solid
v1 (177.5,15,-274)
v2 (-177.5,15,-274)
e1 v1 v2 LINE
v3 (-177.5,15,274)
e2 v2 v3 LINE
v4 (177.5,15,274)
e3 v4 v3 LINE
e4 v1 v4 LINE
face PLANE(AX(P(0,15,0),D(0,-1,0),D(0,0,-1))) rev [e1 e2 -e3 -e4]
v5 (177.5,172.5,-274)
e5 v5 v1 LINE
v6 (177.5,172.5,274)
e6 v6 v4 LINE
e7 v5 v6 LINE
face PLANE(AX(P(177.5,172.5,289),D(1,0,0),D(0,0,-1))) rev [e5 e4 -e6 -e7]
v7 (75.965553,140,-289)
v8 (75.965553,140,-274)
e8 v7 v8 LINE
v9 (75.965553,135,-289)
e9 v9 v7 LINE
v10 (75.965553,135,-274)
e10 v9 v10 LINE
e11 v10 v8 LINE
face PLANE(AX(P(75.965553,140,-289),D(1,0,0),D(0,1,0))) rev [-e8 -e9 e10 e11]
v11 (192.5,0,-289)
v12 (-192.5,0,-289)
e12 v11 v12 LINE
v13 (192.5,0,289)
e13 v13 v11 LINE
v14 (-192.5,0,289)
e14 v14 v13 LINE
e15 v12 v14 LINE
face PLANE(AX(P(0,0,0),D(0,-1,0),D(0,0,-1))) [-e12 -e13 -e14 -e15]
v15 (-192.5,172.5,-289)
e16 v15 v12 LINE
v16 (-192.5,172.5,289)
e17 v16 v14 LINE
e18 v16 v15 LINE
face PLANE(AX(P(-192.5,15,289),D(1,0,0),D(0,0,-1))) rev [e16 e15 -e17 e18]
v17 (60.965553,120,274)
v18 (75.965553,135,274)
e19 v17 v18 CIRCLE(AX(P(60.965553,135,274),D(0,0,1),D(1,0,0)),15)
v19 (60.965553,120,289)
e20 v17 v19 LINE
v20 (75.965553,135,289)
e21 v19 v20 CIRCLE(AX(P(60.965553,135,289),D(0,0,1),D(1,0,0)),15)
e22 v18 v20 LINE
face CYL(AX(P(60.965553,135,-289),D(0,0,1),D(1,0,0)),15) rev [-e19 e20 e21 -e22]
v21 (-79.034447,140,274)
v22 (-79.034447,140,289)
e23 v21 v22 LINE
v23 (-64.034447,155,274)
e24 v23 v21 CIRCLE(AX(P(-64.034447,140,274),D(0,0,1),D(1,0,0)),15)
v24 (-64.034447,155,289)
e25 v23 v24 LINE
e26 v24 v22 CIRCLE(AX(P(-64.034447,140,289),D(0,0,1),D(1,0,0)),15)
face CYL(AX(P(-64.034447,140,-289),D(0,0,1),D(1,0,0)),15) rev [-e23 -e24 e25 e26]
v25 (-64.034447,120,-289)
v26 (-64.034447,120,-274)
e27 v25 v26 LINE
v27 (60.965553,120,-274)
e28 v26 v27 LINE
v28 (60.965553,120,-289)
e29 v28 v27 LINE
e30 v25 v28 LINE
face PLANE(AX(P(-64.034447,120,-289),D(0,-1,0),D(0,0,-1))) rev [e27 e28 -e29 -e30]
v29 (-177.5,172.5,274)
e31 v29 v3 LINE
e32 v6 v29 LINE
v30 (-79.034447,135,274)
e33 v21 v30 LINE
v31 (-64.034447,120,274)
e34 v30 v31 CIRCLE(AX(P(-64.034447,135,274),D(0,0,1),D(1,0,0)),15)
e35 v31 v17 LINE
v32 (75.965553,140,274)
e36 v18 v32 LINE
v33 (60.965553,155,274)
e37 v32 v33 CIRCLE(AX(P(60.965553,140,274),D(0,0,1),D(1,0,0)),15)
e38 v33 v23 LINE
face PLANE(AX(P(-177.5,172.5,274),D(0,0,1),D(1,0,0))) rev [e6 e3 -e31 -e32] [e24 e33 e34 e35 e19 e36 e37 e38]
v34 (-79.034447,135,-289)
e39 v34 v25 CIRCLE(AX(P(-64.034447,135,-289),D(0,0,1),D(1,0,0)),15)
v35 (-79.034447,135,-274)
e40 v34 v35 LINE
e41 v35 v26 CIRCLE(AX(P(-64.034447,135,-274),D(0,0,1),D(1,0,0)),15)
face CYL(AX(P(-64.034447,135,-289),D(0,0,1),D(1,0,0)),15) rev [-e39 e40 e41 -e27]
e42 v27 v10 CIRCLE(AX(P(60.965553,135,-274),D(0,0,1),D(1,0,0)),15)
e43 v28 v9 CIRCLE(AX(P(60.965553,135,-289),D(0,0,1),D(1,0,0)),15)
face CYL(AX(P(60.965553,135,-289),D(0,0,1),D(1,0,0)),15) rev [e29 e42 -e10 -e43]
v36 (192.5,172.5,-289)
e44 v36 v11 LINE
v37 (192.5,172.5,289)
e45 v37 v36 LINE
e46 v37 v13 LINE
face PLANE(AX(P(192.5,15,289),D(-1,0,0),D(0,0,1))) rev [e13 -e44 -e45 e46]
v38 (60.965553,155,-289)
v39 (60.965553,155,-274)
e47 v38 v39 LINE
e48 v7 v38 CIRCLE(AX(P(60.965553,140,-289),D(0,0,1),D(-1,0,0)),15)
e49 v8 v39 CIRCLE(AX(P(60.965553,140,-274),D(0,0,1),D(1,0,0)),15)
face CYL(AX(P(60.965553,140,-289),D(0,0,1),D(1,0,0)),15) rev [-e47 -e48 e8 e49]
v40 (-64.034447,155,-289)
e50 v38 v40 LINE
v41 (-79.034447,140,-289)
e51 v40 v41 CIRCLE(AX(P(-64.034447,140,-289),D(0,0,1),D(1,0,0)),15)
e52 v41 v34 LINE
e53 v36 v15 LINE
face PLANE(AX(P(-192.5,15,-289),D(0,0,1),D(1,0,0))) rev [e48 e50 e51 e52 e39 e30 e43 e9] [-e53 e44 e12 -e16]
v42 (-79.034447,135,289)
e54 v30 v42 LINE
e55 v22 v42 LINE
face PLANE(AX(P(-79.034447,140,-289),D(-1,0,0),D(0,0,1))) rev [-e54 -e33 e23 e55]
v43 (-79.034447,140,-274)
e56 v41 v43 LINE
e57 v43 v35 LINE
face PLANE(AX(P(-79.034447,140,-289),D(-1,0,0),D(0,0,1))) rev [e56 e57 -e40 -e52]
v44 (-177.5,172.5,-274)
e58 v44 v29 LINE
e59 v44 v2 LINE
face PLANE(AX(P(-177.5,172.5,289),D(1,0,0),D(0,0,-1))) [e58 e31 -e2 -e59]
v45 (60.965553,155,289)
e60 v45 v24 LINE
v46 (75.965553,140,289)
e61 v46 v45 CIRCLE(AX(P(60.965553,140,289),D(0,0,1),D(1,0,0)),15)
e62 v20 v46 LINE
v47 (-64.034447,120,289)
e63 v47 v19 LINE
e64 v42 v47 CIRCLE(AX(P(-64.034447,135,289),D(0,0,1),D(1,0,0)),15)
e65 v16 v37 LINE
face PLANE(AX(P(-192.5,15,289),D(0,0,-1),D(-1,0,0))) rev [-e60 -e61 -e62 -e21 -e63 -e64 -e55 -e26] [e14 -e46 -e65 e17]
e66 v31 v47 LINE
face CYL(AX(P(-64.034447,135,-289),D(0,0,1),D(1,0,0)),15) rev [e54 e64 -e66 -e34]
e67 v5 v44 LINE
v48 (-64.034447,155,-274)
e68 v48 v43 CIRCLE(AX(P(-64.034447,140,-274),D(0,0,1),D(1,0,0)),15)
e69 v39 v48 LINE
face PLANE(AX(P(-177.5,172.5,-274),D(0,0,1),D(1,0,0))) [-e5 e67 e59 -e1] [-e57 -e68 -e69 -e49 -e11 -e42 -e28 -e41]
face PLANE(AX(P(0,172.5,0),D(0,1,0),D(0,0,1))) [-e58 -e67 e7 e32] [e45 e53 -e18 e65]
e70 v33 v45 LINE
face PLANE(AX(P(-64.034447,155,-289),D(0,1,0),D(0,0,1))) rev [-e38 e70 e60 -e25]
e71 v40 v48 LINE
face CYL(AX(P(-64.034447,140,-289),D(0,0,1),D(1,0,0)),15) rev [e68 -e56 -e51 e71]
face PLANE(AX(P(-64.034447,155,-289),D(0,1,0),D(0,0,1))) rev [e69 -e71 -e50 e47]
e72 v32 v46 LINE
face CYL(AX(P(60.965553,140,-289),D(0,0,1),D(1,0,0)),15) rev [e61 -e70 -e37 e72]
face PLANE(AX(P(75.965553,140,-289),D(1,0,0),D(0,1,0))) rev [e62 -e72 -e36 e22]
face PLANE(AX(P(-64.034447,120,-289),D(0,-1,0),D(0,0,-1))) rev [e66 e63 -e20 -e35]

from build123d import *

# Parameters (mm, degrees)
SKETCH1_W               = 385
SKETCH1_H               = 578
BOSS_EXTRUDE1_DEPTH     = 15
SKETCH2_W               = 15
SKETCH2_H               = 578
BOSS_EXTRUDE2_DEPTH     = 157.5
SKETCH3_W               = 355
SKETCH3_H               = 15
BOSS_EXTRUDE3_DEPTH     = 157.5
CUT_EXTRUDE1_DEPTH      = 634.16388084
CUT_EXTRUDE1_DEPTH_BACK = 634.16388084


with BuildPart() as part:
    # Sketch1 → Boss-Extrude1 (new body)
    with BuildSketch(Plane(origin=(0, 0, 0), x_dir=(1, 0, 0), z_dir=(0, 1, 0))):
        Rectangle(SKETCH1_W, SKETCH1_H)
    extrude(amount=BOSS_EXTRUDE1_DEPTH)

    # Sketch2 → Boss-Extrude2 (add)
    with BuildSketch(Plane(origin=(0, 15, 0), x_dir=(1, 0, 0), z_dir=(0, 1, 0))):
        with Locations((185, 0)):
            Rectangle(SKETCH2_W, SKETCH2_H)
    boss_extrude2 = extrude(amount=BOSS_EXTRUDE2_DEPTH)

    # Mirror1: Boss-Extrude2 across plane
    add(boss_extrude2.mirror(Plane(origin=(0, 0, 0), x_dir=(0, 0, 1), z_dir=(1, 0, 0))))

    # Sketch3 → Boss-Extrude3 (add)
    with BuildSketch(Plane(origin=(0, 15, 0), x_dir=(1, 0, 0), z_dir=(0, 1, 0))):
        with Locations((0, -281.5)):
            Rectangle(SKETCH3_W, SKETCH3_H)
    boss_extrude3 = extrude(amount=BOSS_EXTRUDE3_DEPTH)

    # Mirror2: Boss-Extrude3 across plane
    add(boss_extrude3.mirror(Plane.XY))

    # Sketch4 → Cut-Extrude1 (cut, two sides: drawn at the far end of the back side and taken through both)
    with BuildSketch(Plane.XY.offset(289).offset(-CUT_EXTRUDE1_DEPTH_BACK)):
        with BuildLine():
            Line((-64.034446869, 155), (60.965553131, 155))
            ThreePointArc((60.965553131, 155), (71.572154849, 150.606601718), (75.965553131, 140))
            Line((75.965553131, 140), (75.965553131, 135))
            ThreePointArc((75.965553131, 135), (71.572154849, 124.393398282), (60.965553131, 120))
            Line((60.965553131, 120), (-64.034446869, 120))
            ThreePointArc((-64.034446869, 120), (-74.641048586, 124.393398282), (-79.034446869, 135))
            Line((-79.034446869, 135), (-79.034446869, 140))
            ThreePointArc((-79.034446869, 140), (-74.641048586, 150.606601718), (-64.034446869, 155))
        make_face()
    extrude(amount=CUT_EXTRUDE1_DEPTH + CUT_EXTRUDE1_DEPTH_BACK, mode=Mode.SUBTRACT)


solid = part.part
